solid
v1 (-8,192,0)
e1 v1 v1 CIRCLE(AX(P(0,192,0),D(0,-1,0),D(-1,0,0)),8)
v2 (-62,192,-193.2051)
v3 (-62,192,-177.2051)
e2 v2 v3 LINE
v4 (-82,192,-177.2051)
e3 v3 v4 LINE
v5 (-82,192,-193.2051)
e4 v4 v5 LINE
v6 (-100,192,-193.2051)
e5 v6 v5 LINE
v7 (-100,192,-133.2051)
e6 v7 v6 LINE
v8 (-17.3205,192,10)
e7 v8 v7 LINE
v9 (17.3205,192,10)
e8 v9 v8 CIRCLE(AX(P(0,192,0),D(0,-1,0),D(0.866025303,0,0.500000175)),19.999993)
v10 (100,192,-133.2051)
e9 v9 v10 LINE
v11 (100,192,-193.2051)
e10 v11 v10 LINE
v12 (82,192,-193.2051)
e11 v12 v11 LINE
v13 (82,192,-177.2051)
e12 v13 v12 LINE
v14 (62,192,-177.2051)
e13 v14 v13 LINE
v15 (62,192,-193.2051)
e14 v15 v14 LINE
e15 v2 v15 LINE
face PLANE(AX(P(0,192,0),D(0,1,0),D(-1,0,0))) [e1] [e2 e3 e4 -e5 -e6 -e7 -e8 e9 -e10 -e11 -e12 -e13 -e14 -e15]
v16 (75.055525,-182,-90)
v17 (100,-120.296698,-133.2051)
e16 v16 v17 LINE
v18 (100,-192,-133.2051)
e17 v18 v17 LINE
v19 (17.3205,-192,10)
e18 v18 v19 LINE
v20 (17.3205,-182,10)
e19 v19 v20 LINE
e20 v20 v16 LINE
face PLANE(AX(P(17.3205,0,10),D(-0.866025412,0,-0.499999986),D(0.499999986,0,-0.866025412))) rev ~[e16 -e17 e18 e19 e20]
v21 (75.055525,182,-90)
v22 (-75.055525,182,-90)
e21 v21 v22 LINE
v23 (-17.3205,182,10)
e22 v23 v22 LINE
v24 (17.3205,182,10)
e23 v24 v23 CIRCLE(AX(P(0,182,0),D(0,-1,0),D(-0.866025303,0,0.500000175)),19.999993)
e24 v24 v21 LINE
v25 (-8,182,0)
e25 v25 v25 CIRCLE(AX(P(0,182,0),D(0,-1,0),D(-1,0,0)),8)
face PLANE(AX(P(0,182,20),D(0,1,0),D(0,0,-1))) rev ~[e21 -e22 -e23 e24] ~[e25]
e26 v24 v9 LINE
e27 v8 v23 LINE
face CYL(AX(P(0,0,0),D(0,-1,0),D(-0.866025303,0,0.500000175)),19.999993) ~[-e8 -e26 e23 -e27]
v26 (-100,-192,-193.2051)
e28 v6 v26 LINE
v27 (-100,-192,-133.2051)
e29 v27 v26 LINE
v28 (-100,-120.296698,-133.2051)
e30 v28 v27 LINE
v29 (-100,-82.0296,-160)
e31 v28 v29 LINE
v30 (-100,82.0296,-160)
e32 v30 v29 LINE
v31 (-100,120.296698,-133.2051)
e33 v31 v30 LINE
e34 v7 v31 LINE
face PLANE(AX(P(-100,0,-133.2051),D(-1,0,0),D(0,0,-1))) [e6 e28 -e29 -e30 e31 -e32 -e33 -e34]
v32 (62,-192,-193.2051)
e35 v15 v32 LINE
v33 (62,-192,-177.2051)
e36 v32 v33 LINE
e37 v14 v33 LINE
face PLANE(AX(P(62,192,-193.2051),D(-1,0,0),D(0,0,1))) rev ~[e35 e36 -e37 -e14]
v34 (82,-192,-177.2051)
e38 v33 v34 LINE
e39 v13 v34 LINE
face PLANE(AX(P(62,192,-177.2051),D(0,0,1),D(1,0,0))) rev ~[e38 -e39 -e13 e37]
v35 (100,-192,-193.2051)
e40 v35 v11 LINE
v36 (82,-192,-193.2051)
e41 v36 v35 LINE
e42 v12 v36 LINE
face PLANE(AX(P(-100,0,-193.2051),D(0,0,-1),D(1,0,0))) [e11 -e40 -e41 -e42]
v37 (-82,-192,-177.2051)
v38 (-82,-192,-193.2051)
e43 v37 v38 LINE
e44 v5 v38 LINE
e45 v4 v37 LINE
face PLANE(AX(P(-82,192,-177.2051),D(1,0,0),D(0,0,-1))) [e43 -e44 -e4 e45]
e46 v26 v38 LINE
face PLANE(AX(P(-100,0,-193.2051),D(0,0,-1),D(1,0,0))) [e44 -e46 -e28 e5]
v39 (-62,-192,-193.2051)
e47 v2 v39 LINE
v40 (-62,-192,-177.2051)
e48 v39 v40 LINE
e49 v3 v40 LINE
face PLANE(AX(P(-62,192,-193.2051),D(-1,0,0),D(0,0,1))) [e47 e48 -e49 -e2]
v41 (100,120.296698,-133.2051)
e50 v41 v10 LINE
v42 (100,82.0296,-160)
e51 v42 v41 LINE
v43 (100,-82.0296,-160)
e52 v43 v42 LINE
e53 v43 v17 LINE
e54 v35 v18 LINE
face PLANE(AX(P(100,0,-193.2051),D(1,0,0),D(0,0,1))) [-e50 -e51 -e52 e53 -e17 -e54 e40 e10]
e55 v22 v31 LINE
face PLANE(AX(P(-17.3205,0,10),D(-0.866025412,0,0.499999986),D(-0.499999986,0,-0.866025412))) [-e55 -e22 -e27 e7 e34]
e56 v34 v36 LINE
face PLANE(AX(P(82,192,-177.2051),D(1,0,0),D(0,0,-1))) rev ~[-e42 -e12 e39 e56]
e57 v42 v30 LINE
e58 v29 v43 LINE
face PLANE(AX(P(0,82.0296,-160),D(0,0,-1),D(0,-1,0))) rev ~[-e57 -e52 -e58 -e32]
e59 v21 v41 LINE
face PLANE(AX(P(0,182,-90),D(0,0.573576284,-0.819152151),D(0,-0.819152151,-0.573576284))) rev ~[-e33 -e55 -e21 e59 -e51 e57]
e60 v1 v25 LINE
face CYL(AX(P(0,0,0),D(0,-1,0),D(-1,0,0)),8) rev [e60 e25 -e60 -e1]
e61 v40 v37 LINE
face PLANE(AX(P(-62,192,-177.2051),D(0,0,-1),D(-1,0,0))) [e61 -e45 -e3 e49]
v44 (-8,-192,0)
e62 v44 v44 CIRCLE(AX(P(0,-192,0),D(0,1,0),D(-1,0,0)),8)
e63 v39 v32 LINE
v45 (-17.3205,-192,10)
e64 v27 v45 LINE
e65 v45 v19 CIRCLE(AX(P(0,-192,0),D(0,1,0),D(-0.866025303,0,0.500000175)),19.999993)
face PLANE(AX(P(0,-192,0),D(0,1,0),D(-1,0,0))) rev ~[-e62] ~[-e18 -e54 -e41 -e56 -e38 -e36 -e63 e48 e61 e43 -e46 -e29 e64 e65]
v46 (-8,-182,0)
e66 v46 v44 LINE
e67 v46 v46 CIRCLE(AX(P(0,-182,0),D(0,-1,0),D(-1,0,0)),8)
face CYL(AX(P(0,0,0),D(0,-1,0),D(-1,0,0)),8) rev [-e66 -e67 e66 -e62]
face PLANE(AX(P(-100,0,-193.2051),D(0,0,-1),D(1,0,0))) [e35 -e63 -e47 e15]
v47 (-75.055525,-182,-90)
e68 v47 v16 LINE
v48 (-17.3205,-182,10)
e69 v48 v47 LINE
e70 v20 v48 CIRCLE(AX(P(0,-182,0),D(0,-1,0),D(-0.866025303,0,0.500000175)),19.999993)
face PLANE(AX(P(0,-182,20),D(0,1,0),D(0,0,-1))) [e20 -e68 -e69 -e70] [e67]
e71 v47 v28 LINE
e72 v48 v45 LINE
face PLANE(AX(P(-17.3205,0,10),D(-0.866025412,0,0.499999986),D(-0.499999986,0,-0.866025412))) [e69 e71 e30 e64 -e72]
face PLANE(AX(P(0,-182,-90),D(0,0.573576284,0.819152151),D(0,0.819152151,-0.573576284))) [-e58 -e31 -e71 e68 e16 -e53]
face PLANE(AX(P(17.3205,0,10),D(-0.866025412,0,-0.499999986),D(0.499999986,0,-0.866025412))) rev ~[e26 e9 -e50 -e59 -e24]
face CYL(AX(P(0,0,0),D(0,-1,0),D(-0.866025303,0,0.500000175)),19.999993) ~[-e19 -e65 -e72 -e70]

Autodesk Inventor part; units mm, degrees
ref_plane "YZ Plane" through (0, 0, 0) normal (1, 0, 0) x (0, 1, 0)
ref_plane "XZ Plane" through (0, 0, 0) normal (0, 1, 0) x (-1, 0, 0)
ref_plane "XY Plane" through (0, 0, 0) normal (0, 0, 1) x (1, 0, 0)
sketch "Sketch1" plane through (0, 0, 0) normal (0, 1, 0) x (-1, 0, 0)
  line L0 (0, 26.7471) -> (0, -19.6773)
  circle A0 centre (0, 0) radius 8
  line L1 (17.3205, 10) -> (100, -133.2051)
  line L2 (100, -133.2051) -> (0, -133.2051) construction
  line L3 (43.971, 0) -> (-53.4185, 0)
  line L4 (-17.3205, 10) -> (-100, -133.2051)
  line L5 (-100, -133.2051) -> (0, -133.2051) construction
  line L6 (-43.971, 0) -> (53.4185, 0)
  line L7 (100, -133.2051) -> (100, -193.2051)
  line L8 (100, -193.2051) -> (-100, -193.2051)
  line L9 (-100, -193.2051) -> (-100, -133.2051)
  arc A1 (17.3205, 10) -> (-17.3205, 10) centre (0, 0) ccw
  point P0 (0, 40)
  dimension "d0" = 16
  dimension "d2" = 100
  dimension "d3" = 80
  dimension "d4" = 60
  dimension "d5" = 60
  dimension "d6" = 20
extrude "Extrusion1" add sketch "Sketch1" along normal mid plane 384 contours A1 L1 L3 A0 L0 | L0 A0 L3 L4 A1 | L3 L1 L7 L8 L9 L4 A0
sketch "Sketch2" plane through (0, 0, 0) normal (1, 0, 0) x (0, 1, 0)
  line L0 (0, 110.6795) -> (0, -260.886)
  line L1 (-192, 20) -> (192, 20) projected
  line L2 (-182, 20) -> (-182, -90)
  line L3 (-182, -90) -> (-82.0296, -160)
  line L4 (-82.0296, -160) -> (0, -160)
  line L5 (-182, 20) -> (0, 20)
  line L6 (-192, 10) -> (-192, -133.2051) projected
  line L7 (182, 20) -> (182, -90)
  line L8 (182, -90) -> (82.0296, -160)
  line L9 (82.0296, -160) -> (0, -160)
  line L10 (182, 20) -> (0, 20)
  point P0 (0, 0)
  dimension "d9" = 10
  dimension "d10" = 180
  dimension "d11" = 110
  dimension "d12" = 145
extrude "Extrusion2" cut sketch "Sketch2" along normal through all both and the other way through all
sketch "Sketch3" plane through (0, 192, 0) normal (0, 1, 0) x (1, 0, 0)
  circle A0 centre (0, 0) radius 8 projected
  line L0 (0, 0) -> (0, 264.7733)
  line L1 (-100, 193.2051) -> (100, 193.2051) projected
  line L2 (-82, 193.2051) -> (-62, 193.2051)
  line L3 (-62, 193.2051) -> (-62, 177.2051)
  line L4 (-62, 177.2051) -> (-82, 177.2051)
  line L5 (-82, 177.2051) -> (-82, 193.2051)
  line L6 (-100, 193.2051) -> (-100, 133.2051) projected
  line L7 (82, 193.2051) -> (62, 193.2051)
  line L8 (62, 193.2051) -> (62, 177.2051)
  line L9 (62, 177.2051) -> (82, 177.2051)
  line L10 (82, 177.2051) -> (82, 193.2051)
  dimension "d15" = 18
  dimension "d16" = 20
  dimension "d17" = 16
extrude "Extrusion3" cut sketch "Sketch3" against normal through all contours L3 L4 L5 L1 | L1 L10 L9 L8
properties part number "Y_axis"
